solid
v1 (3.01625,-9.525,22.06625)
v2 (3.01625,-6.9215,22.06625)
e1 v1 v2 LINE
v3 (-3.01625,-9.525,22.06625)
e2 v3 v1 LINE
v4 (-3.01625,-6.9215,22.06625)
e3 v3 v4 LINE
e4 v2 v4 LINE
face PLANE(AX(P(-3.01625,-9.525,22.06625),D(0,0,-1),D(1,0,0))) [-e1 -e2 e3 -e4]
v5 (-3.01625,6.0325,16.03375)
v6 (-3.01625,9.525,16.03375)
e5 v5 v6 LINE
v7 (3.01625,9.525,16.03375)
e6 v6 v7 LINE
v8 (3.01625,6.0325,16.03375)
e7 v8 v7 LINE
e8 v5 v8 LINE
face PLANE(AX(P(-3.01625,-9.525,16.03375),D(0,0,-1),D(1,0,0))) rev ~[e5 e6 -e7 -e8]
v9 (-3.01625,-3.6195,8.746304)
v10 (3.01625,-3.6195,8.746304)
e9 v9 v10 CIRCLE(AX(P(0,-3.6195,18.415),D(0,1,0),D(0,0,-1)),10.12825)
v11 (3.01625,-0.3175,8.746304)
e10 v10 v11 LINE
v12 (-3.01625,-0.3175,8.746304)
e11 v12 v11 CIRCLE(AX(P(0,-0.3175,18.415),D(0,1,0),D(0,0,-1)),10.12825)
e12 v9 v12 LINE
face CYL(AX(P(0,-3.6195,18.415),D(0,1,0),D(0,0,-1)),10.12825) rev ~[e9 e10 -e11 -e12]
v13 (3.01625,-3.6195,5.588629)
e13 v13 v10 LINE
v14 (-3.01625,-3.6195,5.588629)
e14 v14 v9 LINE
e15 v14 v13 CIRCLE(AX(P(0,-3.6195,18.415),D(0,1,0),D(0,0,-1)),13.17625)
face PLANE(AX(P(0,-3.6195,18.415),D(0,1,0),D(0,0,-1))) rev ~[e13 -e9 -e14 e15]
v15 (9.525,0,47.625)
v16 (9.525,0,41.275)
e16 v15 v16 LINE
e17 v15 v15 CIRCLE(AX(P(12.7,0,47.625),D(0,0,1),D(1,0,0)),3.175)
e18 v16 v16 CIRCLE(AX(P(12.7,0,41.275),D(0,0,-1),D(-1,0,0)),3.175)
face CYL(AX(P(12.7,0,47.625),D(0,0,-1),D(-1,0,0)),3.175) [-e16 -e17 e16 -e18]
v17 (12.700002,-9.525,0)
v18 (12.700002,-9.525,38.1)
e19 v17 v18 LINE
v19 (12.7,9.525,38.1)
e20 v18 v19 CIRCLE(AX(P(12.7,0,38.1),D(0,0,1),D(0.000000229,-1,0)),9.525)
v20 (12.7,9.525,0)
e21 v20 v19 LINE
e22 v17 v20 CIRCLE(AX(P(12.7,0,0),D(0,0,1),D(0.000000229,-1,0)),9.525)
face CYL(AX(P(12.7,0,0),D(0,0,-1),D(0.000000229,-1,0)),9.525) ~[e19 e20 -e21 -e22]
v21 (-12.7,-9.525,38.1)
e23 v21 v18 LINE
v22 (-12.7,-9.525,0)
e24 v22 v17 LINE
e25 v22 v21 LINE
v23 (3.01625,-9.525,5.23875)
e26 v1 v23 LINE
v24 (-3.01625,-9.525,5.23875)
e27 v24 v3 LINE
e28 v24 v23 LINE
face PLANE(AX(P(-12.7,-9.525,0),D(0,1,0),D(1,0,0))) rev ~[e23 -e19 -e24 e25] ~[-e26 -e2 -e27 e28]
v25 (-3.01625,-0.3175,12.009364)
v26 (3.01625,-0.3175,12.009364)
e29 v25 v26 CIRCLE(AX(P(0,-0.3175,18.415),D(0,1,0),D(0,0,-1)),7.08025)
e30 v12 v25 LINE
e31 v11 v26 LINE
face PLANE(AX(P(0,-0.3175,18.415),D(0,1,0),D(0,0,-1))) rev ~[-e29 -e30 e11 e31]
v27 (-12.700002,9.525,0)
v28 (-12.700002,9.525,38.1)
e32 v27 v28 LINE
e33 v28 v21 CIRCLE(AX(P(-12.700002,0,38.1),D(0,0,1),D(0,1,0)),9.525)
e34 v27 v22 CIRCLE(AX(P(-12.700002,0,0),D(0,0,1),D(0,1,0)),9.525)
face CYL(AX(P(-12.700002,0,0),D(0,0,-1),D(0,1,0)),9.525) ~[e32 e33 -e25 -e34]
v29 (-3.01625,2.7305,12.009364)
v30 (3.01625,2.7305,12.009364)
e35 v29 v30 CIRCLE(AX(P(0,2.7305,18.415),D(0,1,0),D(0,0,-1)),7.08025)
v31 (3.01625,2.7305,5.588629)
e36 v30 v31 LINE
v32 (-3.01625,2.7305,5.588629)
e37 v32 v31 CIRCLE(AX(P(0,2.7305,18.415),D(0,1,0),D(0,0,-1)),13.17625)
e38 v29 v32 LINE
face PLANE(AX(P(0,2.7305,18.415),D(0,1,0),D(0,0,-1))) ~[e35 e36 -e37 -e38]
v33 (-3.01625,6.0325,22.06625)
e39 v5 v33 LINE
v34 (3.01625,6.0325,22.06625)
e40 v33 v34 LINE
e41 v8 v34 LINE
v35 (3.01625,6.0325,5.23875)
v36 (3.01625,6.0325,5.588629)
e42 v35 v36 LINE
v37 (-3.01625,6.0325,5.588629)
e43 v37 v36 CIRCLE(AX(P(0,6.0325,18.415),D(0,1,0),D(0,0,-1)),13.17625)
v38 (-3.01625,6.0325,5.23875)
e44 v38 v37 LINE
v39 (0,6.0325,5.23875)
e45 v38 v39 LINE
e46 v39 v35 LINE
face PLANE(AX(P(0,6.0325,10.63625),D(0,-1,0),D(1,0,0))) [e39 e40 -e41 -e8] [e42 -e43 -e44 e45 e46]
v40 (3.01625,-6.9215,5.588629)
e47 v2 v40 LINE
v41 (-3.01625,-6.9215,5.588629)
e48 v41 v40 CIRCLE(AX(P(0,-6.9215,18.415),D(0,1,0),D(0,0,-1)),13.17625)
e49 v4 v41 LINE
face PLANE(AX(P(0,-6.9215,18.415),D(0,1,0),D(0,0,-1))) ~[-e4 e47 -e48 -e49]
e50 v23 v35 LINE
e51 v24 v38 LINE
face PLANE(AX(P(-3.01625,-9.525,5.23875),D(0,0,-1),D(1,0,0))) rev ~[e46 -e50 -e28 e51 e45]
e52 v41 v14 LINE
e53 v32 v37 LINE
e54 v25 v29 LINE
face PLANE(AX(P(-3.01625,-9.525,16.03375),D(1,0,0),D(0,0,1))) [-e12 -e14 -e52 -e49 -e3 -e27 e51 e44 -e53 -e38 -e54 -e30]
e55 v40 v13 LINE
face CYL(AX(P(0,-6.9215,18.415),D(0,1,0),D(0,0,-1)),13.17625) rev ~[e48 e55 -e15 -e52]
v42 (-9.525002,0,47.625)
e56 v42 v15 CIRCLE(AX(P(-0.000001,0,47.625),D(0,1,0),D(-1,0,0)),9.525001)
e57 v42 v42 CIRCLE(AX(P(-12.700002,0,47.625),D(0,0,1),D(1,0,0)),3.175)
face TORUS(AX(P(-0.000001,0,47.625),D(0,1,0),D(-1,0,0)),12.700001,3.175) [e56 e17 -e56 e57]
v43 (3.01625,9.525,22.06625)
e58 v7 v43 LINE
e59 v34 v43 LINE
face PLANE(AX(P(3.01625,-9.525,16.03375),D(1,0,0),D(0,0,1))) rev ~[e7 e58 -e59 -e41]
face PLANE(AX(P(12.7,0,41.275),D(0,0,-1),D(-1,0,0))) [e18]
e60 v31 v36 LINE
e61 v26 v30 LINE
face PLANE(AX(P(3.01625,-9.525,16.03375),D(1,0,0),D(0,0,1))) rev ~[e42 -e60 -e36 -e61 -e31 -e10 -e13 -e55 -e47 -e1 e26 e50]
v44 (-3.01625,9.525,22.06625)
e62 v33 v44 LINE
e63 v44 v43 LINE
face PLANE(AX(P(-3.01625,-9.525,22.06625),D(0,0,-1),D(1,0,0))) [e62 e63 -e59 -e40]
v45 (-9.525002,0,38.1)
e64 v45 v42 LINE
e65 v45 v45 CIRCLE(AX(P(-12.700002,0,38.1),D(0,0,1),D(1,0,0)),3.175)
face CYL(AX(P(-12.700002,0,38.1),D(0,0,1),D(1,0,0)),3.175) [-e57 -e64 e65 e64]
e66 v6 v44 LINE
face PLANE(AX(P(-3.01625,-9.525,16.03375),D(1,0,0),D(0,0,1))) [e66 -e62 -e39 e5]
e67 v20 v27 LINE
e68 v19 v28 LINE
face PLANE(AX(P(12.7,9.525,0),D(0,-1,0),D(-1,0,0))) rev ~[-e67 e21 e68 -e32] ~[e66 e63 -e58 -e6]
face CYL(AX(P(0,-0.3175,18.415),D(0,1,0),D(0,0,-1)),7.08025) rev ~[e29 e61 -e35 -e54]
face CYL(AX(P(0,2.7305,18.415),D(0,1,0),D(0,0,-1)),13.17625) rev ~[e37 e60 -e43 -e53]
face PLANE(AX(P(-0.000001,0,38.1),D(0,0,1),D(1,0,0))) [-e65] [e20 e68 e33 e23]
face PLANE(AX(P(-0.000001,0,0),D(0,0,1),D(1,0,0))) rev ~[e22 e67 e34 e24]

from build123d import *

# Parameters (mm, degrees)
F1_DEPTH = 38.1
F2_W     = 6.0325
F2_H     = 6.0325
F3_DEPTH = 19.051
F4_W     = 6.0325
F4_H     = 10.795
F5_DEPTH = 15.5575
F8_R     = 3.175


with BuildPart() as f1:
    # F0 (on Top) → F1 (new body)
    with BuildSketch(Plane.XY):
        with BuildLine():
            ThreePointArc((12.7000021839, -9.525), (22.225, 1.0919e-06), (12.7, 9.525))
            Line((12.7, 9.525), (-12.7000021839, 9.525))
            ThreePointArc((-12.7000021839, 9.525), (-22.2250021839, -1.0919e-06), (-12.7, -9.525))
            Line((-12.7, -9.525), (12.7000021839, -9.525))
        make_face()
    extrude(amount=F1_DEPTH)

    # F2 (on face) → F3 (cut, through all)
    with BuildSketch(Plane.XZ.offset(9.525)):
        with Locations((0, 19.05)):
            Rectangle(F2_W, F2_H)
    extrude(amount=-F3_DEPTH, mode=Mode.SUBTRACT)

    # F4 (on face) → F5 (cut)
    with BuildSketch(Plane.XZ.offset(9.525)):
        with Locations((0, 10.63625)):
            Rectangle(F4_W, F4_H)
    extrude(amount=-F5_DEPTH, mode=Mode.SUBTRACT)

    # F6 (on Right) → F7 (revolve, cut)
    with BuildSketch(Plane.YZ):
        Polygon((6.0325, 5.23875), (6.0325, 18.415), (-6.9215, 18.415), (-6.9215, 5.23875), (-3.6195, 5.23875), (-3.6195, 8.28675), (-0.3175, 8.28675), (-0.3175, 11.33475), (2.7305, 11.33475), (2.7305, 5.23875), align=None)
    revolve(axis=Axis((0, -0.4445, 18.415), (0, 1, 0)), mode=Mode.SUBTRACT)

    # F10: sweep along a path in F9
    with BuildLine(Plane.XZ) as f10_path:
        Line((-12.7000021839, 38.1), (-12.7000021839, 47.625))
        ThreePointArc((-12.7000021839, 47.625), (-1.0919e-06, 60.3250010919), (12.7, 47.625))
        Line((12.7, 47.625), (12.7, 41.275))
    # F8 (on face) → F10 (sweep)
    with BuildSketch(Plane.XY.offset(38.1)):
        with Locations((-12.7000021839, 0)):
            Circle(F8_R)
    sweep(path=f10_path.line)


solid = f1.part
